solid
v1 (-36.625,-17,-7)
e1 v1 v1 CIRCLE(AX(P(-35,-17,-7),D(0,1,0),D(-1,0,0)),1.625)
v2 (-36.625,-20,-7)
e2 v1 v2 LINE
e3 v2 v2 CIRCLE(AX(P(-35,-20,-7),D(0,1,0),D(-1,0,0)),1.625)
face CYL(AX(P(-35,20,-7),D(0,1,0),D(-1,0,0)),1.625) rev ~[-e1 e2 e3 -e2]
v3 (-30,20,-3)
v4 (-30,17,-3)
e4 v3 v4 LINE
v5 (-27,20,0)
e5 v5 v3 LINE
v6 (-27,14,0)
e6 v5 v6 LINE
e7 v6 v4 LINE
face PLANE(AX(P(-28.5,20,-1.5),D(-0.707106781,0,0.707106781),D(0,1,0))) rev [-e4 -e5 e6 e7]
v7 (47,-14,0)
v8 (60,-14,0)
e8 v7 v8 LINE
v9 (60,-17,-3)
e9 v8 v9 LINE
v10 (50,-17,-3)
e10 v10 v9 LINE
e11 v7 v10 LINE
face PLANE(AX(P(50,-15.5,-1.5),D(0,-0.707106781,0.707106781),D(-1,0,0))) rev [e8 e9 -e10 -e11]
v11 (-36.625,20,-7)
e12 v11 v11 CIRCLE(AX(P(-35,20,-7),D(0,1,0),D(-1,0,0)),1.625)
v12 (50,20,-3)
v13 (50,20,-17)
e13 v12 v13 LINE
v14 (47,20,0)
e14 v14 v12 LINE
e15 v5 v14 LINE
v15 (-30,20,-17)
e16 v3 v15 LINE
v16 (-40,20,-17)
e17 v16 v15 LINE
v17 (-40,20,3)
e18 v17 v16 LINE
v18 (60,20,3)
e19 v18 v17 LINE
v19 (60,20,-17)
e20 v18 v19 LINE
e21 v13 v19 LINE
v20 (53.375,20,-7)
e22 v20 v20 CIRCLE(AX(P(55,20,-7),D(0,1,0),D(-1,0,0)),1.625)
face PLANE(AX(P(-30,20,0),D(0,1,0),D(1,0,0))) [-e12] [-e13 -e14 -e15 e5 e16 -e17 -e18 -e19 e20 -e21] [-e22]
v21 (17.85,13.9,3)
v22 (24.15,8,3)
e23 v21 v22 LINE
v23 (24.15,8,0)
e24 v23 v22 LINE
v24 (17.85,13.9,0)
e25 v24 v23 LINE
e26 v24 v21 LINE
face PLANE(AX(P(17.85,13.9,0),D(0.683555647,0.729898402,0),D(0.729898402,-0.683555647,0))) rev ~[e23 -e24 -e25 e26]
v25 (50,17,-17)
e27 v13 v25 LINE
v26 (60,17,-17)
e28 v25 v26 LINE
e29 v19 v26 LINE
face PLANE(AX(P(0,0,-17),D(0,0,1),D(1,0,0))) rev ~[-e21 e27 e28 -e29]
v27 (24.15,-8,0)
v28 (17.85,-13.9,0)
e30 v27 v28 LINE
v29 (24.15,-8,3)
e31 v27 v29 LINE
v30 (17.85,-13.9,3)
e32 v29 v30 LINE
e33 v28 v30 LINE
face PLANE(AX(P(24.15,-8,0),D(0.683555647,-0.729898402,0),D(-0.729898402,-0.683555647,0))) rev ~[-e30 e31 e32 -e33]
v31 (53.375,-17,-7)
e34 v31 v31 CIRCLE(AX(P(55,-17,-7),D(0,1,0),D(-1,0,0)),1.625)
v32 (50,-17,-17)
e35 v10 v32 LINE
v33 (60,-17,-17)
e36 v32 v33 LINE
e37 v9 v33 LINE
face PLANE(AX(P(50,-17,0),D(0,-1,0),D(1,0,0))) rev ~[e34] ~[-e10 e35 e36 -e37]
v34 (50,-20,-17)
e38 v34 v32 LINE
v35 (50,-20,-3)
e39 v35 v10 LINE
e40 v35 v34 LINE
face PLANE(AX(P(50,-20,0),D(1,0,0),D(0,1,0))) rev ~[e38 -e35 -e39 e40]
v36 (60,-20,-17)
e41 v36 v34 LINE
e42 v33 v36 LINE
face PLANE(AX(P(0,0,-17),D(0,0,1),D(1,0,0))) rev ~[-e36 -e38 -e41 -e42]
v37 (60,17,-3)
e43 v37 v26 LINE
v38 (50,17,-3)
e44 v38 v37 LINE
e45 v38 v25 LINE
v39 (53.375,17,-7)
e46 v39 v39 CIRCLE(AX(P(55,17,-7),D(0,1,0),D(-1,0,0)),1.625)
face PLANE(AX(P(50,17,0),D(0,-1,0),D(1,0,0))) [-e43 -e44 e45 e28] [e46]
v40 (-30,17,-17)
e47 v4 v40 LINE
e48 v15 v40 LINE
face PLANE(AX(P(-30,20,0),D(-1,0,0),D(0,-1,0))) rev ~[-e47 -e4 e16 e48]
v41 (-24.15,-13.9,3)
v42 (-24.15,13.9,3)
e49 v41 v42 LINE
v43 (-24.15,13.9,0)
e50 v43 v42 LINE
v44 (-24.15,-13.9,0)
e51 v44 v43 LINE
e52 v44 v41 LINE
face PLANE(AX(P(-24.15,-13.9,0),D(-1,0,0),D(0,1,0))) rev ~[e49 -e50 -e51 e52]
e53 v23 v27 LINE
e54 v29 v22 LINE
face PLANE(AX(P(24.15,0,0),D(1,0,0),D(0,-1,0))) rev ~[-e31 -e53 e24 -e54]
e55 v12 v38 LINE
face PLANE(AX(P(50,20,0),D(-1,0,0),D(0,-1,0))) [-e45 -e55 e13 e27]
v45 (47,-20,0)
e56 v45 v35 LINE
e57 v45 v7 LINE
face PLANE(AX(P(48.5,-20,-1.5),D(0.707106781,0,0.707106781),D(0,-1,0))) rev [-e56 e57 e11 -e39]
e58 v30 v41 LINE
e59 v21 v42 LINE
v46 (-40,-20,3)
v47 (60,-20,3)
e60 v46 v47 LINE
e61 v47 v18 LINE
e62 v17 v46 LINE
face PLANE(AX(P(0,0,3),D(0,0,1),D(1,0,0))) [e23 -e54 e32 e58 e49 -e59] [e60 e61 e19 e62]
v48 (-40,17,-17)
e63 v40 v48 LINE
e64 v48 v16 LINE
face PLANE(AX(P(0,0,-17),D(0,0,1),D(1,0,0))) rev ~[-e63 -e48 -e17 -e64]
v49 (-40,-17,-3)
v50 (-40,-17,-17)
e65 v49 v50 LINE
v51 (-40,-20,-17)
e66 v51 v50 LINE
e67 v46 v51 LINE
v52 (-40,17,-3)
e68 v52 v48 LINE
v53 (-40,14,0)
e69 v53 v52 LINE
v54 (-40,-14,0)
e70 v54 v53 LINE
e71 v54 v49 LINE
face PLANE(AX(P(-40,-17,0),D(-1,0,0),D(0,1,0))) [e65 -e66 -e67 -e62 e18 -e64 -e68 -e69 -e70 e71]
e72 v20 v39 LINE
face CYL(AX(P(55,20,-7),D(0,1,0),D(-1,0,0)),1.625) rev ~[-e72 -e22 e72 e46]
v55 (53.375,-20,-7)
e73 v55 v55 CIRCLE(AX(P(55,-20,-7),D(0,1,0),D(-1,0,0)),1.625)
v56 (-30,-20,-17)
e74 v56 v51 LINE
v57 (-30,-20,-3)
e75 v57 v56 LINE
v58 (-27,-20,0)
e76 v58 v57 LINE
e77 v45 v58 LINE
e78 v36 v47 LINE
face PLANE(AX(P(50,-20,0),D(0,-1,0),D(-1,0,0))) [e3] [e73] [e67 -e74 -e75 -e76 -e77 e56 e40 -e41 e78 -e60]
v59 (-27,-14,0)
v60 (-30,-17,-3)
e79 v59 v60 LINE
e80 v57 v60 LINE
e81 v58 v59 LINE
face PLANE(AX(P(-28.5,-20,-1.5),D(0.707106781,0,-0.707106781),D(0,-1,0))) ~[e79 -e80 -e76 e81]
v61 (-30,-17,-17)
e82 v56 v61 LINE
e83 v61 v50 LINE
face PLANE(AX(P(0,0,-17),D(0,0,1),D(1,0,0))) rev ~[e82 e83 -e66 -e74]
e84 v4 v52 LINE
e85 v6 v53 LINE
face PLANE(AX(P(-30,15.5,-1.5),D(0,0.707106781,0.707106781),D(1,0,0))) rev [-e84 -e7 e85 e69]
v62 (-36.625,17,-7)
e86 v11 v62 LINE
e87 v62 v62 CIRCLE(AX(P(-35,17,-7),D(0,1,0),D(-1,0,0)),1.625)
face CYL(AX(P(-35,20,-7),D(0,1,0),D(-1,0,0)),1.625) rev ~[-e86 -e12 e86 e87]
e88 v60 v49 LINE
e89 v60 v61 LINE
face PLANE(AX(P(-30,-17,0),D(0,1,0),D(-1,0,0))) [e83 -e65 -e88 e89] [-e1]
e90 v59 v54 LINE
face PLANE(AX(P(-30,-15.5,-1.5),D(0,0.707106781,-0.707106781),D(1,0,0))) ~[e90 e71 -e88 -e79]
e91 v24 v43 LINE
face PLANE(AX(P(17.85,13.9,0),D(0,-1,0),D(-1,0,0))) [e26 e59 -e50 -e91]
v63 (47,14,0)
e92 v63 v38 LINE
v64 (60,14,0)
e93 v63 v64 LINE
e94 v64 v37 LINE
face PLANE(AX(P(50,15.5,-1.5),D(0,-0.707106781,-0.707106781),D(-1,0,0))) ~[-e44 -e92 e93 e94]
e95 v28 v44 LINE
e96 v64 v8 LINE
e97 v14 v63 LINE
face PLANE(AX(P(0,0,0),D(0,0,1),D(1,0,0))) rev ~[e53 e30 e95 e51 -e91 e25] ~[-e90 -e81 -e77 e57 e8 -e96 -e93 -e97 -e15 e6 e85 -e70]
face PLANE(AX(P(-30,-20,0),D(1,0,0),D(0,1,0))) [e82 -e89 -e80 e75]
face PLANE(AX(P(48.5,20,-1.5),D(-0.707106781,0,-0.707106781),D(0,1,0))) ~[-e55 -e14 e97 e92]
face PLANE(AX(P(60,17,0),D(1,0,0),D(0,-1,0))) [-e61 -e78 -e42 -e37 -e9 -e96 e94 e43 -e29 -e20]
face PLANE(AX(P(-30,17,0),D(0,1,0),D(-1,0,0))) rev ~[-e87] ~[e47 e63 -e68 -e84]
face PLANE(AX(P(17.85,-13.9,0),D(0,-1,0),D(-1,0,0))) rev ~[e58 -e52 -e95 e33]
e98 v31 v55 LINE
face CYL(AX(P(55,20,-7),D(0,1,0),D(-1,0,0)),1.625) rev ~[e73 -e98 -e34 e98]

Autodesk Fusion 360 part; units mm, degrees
sketch "Sketch1" plane through (0, 0, 0) normal (0, 0, 1) x (1, 0, 0)
  line L0 (17.85, 0) -> (24.15, 0)
  line L1 (24.15, -8) -> (17.85, -13.9)
  line L2 (17.85, 8) -> (17.85, 0)
  line L3 (17.85, -13.9) -> (17.85, 13.9)
  line L4 (17.85, -8) -> (17.85, 0)
  line L5 (17.85, 0) -> (24.15, 0)
  line L6 (17.85, 13.9) -> (-24.15, 13.9)
  line L7 (24.15, 0) -> (24.15, -8)
  line L8 (-24.15, 13.9) -> (24.15, -13.9) construction
  line L9 (24.15, 8) -> (23.8007, 8)
  line L10 (24.15, -8) -> (17.85, -8)
  line L11 (24.15, 8) -> (17.85, 8)
  line L12 (24.15, 0) -> (24.15, 8)
  line L13 (17.85, 13.9) -> (24.15, 8)
  line L14 (-24.15, 13.9) -> (24.15, 13.9)
  line L15 (24.15, 13.9) -> (24.15, -13.9)
  line L16 (24.15, -13.9) -> (-24.15, -13.9)
  line L17 (-24.15, -13.9) -> (-24.15, 13.9)
  line L18 (24.15, 13.9) -> (-24.15, -13.9) construction
  line L19 (60, -20) -> (-40, -20)
  line L20 (-40, -20) -> (-40, 20)
  line L21 (-40, 20) -> (60, 20)
  line L22 (60, 20) -> (60, -20)
  line L23 (60, 20) -> (50, 20)
  line L24 (50, 20) -> (50, 17)
  line L25 (50, 17) -> (60, 17)
  line L26 (60, 17) -> (60, 20)
  line L27 (60, -20) -> (50, -20)
  line L28 (50, -20) -> (50, -17)
  line L29 (50, -17) -> (60, -17)
  line L30 (60, -17) -> (60, -20)
  line L31 (-40, -20) -> (-30, -20)
  line L32 (-30, -20) -> (-30, -17)
  line L33 (-30, -17) -> (-40, -17)
  line L34 (-40, -17) -> (-40, -20)
  line L35 (-40, 20) -> (-30, 20)
  line L36 (-30, 20) -> (-30, 17)
  line L37 (-30, 17) -> (-40, 17)
  line L38 (-40, 17) -> (-40, 20)
  dimension "d1" = 48.3
  dimension "d2" = 27.8
  dimension "d3" = 42
  dimension "d4" = 8
  dimension "d5" = 8
  dimension "d6" = 100
  dimension "d7" = 40
  dimension "d8" = 3
  dimension "d9" = 10
  dimension "d10" = 10
  dimension "d11" = 3
  dimension "d12" = 3
  dimension "d13" = 10
  dimension "d14" = 10
  dimension "d15" = 3
  dimension "d25" = 6.1
  dimension "d26" = 15.85
extrude "Extrude1" add sketch "Sketch1" along normal blind 3 contours L1 L15 L16 | L13 L14 L15 | L19 L22 L27 L28 L29 L30 | L19 L20 L21 L22 L24 L25 L28 L29 L32 L33 L36 L37 | L19 L20 L31 L32 L33 L34 | L21 L22 L23 L24 L25 L26 | L20 L21 L35 L36 L37 L38
extrude "Extrude2" add sketch "Sketch1" against normal blind 17 contours L19 L22 L27 L28 L29 L30 | L19 L20 L31 L32 L33 L34 | L21 L22 L23 L24 L25 L26 | L20 L21 L35 L36 L37 L38
sketch "Sketch2" plane through (0, 20, 0) normal (0, 1, 0) x (-1, 0, 0)
  line L0 (-50, 0) -> (30, 0)
  line L1 (30, 0) -> (30, -17)
  line L2 (30, -17) -> (40, -17)
  line L3 (40, -17) -> (40, 3)
  line L4 (40, 3) -> (-60, 3)
  line L5 (-60, 3) -> (-60, -17)
  line L6 (-60, -17) -> (-50, -17)
  line L7 (-50, -17) -> (-50, 0)
  circle A0 centre (35, -7) radius 1.625
  circle A1 centre (-55, -7) radius 1.625
  dimension "d20" = 3.25
  dimension "d21" = 3.25
  dimension "d27" = 5
extrude "Extrude3" cut sketch "Sketch2" against normal up to surface (40 mm away) contours A0 | A1
chamfer "Chamfer1" distance 3 angle 45 8 edges at (-35, -17, 0) (-35, 17, 0) (55, -17, 0) (55, 17, 0) (50, 18.5, 0) (50, -18.5, 0) (-30, -18.5, 0) (-30, 18.5, 0)
